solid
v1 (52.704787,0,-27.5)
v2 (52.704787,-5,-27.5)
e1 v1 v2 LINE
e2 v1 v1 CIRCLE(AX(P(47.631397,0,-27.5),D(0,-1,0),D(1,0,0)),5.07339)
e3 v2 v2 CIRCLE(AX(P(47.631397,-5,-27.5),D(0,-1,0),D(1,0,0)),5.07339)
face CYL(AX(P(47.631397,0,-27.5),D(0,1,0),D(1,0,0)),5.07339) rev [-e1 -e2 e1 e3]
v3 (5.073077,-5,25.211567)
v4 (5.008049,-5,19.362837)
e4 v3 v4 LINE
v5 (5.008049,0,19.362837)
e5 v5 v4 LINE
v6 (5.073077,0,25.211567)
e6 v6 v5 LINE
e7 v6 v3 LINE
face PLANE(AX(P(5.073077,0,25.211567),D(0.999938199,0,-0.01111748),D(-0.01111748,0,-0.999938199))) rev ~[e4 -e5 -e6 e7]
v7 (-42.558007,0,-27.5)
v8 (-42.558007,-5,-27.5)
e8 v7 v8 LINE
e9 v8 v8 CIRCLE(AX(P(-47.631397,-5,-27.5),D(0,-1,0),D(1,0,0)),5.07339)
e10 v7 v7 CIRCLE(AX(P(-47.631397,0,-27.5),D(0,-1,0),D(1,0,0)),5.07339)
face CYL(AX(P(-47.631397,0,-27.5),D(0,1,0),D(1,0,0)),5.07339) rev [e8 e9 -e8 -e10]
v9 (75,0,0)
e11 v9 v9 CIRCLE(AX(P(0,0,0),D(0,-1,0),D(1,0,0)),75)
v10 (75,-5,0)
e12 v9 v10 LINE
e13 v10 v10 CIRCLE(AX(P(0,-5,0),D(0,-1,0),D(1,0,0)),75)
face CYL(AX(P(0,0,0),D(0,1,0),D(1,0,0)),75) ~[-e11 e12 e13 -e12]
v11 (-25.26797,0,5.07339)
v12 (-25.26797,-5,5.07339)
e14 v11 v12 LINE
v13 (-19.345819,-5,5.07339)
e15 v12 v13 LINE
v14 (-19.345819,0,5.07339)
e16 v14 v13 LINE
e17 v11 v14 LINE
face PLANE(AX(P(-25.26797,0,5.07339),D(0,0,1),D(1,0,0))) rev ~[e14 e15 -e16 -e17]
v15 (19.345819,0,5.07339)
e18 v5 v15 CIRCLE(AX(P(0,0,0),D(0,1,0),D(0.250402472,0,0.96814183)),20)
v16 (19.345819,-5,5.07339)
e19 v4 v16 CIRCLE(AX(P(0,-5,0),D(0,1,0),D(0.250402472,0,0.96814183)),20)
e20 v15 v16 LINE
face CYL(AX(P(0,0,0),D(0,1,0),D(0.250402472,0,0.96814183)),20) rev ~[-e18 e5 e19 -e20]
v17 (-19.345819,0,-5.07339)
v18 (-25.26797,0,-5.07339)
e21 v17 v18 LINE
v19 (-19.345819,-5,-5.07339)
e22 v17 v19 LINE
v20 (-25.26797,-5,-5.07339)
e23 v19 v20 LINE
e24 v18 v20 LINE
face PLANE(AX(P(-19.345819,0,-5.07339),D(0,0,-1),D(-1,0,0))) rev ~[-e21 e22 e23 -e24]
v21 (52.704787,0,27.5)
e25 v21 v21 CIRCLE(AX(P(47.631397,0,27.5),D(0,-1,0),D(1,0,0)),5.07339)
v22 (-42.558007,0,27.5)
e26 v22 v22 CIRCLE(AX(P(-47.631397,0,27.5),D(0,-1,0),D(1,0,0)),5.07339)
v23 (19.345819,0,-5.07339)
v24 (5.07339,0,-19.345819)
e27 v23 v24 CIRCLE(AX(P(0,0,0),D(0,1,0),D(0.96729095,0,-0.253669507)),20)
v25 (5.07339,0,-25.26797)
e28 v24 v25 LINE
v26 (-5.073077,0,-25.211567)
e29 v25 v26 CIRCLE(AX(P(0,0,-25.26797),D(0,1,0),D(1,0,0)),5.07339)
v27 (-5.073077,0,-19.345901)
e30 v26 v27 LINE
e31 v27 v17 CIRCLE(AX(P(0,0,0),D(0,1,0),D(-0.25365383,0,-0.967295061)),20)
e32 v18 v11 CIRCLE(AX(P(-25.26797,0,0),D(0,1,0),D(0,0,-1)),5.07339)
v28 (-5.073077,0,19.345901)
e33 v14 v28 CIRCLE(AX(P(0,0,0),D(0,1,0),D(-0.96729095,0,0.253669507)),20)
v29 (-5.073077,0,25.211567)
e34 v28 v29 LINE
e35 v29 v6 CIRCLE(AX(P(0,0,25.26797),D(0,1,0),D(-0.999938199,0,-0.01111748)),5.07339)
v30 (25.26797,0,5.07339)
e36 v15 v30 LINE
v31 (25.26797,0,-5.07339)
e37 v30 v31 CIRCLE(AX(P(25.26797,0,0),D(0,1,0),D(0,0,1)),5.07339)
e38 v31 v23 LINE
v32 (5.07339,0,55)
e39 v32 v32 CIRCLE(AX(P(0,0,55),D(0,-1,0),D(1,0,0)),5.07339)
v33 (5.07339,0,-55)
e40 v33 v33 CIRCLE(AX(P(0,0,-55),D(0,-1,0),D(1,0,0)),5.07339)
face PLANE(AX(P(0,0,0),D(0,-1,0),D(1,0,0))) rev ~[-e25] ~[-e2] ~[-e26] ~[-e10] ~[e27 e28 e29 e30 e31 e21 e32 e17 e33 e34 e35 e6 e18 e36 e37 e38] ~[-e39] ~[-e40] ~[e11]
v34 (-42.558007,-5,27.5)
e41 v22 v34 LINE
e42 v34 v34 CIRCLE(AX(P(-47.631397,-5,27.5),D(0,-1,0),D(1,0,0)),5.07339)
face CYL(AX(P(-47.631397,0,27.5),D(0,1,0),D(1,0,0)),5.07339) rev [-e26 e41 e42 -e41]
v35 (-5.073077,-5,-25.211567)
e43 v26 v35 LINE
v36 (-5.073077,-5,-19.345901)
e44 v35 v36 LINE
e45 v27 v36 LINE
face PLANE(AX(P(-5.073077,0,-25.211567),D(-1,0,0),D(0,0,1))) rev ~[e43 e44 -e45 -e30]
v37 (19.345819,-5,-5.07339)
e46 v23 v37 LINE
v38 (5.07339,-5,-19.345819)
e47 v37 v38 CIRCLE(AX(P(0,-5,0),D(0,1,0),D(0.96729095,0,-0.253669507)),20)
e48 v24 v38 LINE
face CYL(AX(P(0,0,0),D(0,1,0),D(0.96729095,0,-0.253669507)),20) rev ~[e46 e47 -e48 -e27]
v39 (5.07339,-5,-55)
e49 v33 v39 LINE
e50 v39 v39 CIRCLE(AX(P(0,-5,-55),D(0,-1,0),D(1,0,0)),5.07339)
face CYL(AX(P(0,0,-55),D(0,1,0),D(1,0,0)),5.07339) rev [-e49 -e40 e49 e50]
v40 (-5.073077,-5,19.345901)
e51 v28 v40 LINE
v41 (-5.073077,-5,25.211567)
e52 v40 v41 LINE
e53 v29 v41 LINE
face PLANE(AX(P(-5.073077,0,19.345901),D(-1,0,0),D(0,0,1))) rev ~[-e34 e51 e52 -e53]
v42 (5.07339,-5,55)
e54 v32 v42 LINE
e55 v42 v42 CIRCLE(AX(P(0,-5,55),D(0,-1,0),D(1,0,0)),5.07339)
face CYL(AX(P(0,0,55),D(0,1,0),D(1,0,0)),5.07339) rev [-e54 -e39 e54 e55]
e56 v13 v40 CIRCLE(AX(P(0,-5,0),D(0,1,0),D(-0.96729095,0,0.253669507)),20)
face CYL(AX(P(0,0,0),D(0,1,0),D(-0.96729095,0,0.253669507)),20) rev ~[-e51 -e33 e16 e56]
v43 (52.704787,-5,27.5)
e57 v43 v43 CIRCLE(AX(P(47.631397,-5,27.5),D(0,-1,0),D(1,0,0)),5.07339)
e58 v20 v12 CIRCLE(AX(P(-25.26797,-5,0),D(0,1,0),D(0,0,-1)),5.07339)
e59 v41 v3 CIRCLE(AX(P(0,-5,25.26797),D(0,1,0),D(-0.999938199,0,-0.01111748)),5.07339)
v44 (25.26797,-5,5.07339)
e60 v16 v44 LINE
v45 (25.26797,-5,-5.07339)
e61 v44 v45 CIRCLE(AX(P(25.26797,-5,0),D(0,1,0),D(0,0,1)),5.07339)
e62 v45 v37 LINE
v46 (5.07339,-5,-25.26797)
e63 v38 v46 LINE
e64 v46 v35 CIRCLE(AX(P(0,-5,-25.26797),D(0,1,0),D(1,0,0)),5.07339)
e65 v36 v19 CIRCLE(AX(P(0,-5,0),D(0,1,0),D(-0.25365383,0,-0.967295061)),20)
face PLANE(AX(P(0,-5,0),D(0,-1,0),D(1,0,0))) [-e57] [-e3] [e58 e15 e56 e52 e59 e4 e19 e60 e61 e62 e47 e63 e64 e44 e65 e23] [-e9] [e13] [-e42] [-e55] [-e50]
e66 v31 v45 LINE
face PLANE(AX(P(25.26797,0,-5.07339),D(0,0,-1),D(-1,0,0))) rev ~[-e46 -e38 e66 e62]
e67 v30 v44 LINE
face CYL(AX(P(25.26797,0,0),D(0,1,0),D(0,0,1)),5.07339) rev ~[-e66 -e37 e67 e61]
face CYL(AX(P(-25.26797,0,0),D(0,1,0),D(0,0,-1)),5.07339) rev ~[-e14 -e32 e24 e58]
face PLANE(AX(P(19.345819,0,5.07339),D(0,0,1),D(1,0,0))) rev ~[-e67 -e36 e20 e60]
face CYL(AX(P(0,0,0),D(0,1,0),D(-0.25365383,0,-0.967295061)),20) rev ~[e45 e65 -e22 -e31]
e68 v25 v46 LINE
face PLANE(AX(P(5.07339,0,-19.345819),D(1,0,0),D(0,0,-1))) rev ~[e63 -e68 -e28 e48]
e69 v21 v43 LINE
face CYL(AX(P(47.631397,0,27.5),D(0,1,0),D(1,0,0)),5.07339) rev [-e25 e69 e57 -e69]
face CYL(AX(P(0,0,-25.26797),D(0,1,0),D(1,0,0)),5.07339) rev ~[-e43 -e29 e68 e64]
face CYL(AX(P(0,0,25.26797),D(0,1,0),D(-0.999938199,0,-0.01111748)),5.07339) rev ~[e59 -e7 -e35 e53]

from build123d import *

# Parameters (mm, degrees)
F0_R     = 75
F0_R_2   = 5.0733901358
F1_DEPTH = 5


with BuildPart() as f1:
    # F0 (on Front) → F1 (new body)
    with BuildSketch(Plane.XZ):
        Circle(F0_R)
        with Locations((-47.6313972081, -27.5)):
            Circle(F0_R_2, mode=Mode.SUBTRACT)
        with Locations((0, -55)):
            Circle(F0_R_2, mode=Mode.SUBTRACT)
        with Locations((47.6313972081, -27.5)):
            Circle(F0_R_2, mode=Mode.SUBTRACT)
        with Locations((-47.6313972081, 27.5)):
            Circle(F0_R_2, mode=Mode.SUBTRACT)
        with BuildLine():
            ThreePointArc((-19.3458189935, 5.0733901358), (-14.1420210215, 14.142250225), (-5.0730765947, 19.3459012161))
            Line((-5.0730765947, 19.3459012161), (-5.0730765947, 25.2115665033))
            ThreePointArc((-5.0730765947, 25.2115665033), (0, 30.3413599527), (5.0730765947, 25.2115665033))
            Line((5.0730765947, 25.2115665033), (5.0080494379, 19.3628365904))
            ThreePointArc((5.0080494379, 19.3628365904), (14.1182434066, 14.1659875445), (19.3458189935, 5.0733901358))
            Line((19.3458189935, 5.0733901358), (25.2679698169, 5.0733901358))
            ThreePointArc((25.2679698169, 5.0733901358), (30.3413599527, 0), (25.2679698169, -5.0733901358))
            Line((25.2679698169, -5.0733901358), (19.3458189935, -5.0733901358))
            ThreePointArc((19.3458189935, -5.0733901358), (14.1421356237, -14.1421356237), (5.0733901358, -19.3458189935))
            Line((5.0733901358, -19.3458189935), (5.0733901358, -25.2679698169))
            ThreePointArc((5.0733901358, -25.2679698169), (-0.0282020925, -30.3412815668), (-5.0730765947, -25.2115665033))
            Line((-5.0730765947, -25.2115665033), (-5.0730765947, -19.3459012161))
            ThreePointArc((-5.0730765947, -19.3459012161), (-14.1420210215, -14.142250225), (-19.3458189935, -5.0733901358))
            Line((-19.3458189935, -5.0733901358), (-25.2679698169, -5.0733901358))
            ThreePointArc((-25.2679698169, -5.0733901358), (-30.3413599527, 0), (-25.2679698169, 5.0733901358))
            Line((-25.2679698169, 5.0733901358), (-19.3458189935, 5.0733901358))
        make_face(mode=Mode.SUBTRACT)
        with Locations((47.6313972081, 27.5)):
            Circle(F0_R_2, mode=Mode.SUBTRACT)
        with Locations((0, 55)):
            Circle(F0_R_2, mode=Mode.SUBTRACT)
    extrude(amount=F1_DEPTH)


solid = f1.part
